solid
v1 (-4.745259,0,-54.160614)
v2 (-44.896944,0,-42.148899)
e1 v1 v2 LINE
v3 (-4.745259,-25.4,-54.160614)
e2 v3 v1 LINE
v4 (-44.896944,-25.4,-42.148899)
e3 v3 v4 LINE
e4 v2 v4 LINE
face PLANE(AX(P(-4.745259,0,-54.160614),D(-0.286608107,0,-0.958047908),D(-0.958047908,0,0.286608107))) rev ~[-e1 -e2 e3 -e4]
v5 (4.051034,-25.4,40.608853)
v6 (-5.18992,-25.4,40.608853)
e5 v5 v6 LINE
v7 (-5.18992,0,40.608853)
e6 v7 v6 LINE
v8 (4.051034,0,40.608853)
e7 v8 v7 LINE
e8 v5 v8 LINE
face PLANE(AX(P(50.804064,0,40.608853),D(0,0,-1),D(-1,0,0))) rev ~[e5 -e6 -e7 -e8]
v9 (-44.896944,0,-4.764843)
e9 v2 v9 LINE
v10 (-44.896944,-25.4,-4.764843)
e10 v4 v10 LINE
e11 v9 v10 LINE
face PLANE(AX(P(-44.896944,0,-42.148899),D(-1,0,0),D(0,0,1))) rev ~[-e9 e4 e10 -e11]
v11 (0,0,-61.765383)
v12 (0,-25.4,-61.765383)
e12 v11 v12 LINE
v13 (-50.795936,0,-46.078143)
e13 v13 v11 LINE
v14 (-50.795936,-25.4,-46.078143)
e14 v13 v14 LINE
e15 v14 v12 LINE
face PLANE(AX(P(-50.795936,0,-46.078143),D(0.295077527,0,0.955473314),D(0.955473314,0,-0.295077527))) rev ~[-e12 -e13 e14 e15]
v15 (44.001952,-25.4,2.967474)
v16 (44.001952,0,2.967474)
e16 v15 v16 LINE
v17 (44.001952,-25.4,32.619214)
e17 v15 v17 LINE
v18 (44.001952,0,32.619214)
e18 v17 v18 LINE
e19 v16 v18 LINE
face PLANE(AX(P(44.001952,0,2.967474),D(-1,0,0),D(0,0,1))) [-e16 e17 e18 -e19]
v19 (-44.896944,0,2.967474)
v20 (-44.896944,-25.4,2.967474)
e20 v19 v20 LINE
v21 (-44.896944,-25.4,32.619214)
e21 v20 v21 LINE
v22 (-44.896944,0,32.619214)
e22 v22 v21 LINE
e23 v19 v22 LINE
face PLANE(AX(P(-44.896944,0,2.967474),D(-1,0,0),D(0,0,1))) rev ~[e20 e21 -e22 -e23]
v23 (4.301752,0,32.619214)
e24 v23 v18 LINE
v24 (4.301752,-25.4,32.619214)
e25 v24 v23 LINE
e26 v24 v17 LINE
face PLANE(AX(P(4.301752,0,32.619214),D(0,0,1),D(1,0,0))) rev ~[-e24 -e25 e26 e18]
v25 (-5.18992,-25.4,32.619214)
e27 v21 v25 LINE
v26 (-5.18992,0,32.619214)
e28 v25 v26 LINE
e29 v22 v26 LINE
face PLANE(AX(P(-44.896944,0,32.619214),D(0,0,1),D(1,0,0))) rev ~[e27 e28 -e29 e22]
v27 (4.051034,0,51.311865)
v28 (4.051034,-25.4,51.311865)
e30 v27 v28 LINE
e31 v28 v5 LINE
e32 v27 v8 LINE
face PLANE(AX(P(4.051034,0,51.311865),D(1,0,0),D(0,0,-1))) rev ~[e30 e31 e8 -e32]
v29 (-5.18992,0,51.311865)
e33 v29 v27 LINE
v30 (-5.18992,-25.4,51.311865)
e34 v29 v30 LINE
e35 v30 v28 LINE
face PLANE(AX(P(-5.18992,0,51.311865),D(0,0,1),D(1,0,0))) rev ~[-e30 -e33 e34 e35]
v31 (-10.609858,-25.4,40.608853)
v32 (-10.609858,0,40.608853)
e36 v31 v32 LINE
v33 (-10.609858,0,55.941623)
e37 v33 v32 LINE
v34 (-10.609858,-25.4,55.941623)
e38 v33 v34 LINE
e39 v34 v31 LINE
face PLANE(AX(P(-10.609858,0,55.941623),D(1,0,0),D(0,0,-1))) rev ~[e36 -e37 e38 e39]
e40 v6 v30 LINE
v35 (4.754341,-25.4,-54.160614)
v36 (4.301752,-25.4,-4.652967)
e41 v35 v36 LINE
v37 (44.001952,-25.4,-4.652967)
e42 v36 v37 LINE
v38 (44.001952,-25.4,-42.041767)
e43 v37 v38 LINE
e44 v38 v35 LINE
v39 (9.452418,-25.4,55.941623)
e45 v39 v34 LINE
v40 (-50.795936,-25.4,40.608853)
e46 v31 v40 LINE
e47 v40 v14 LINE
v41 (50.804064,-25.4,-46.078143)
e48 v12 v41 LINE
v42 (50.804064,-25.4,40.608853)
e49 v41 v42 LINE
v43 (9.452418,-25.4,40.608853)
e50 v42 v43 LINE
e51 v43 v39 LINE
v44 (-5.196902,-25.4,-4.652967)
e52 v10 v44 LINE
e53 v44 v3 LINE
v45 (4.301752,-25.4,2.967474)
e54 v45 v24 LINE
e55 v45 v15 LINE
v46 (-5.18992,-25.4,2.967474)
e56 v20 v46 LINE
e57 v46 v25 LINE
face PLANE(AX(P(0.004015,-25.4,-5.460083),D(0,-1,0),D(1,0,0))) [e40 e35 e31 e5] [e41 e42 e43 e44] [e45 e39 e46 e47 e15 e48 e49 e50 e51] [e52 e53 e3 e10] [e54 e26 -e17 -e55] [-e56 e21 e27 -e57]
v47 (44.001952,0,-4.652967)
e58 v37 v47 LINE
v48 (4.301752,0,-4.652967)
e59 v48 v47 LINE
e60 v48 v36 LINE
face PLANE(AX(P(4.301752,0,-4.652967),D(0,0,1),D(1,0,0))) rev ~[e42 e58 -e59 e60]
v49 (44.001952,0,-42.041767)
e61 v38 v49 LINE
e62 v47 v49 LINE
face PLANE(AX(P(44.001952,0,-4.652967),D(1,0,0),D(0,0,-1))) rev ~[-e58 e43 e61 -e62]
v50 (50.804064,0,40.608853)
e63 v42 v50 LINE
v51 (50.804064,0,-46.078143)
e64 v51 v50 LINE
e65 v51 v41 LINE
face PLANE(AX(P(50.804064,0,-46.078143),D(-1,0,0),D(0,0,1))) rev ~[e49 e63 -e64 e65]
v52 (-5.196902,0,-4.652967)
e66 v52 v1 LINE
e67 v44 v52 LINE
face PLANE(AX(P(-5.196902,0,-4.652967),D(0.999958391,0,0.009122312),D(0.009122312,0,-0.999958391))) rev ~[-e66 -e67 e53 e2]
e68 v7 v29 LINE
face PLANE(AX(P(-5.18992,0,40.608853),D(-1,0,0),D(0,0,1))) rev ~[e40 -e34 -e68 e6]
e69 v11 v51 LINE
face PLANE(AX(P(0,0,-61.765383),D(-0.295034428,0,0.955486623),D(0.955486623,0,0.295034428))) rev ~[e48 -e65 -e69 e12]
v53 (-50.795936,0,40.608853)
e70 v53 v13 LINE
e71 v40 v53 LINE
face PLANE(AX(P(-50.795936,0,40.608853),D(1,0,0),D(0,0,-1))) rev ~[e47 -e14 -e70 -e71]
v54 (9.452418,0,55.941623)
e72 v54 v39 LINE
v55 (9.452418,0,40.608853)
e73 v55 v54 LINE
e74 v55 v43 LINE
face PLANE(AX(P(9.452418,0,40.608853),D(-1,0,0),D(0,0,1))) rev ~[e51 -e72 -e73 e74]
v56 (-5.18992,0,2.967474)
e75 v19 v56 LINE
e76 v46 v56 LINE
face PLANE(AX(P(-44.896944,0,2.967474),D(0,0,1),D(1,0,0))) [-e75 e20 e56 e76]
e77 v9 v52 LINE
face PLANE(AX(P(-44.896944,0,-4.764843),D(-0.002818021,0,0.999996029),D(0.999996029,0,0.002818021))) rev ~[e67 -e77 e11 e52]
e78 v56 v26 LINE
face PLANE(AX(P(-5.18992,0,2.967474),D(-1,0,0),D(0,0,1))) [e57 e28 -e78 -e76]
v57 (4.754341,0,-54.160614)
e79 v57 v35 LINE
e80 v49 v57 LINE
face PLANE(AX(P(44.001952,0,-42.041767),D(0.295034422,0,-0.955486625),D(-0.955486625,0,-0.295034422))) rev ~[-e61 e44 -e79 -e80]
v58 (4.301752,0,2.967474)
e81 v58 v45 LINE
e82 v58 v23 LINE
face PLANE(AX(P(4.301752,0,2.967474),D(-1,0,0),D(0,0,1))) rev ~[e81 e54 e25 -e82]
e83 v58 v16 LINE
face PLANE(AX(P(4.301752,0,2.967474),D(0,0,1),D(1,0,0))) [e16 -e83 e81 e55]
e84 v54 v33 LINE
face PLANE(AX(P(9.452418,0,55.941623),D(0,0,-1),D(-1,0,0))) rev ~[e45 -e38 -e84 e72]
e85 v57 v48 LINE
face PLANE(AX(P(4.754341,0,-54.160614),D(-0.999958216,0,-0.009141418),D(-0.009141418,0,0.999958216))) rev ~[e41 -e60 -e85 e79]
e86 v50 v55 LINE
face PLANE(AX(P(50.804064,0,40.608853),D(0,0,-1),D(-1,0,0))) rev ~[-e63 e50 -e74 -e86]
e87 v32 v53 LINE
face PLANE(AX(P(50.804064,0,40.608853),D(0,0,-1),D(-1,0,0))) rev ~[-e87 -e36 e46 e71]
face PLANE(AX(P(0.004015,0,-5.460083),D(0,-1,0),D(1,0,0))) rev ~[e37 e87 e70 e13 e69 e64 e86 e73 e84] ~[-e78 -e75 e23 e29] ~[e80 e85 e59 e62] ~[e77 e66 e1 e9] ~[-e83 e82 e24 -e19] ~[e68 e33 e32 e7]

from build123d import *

# Parameters (mm, degrees)
F0_W     = 39.707024
F0_H     = 29.651739
F0_W_2   = 39.7002
F1_DEPTH = 18.542
F2_DEPTH = 25.4


with BuildPart() as f1:
    # F0 (on Front) → F1 (new body)
    with BuildSketch(Plane.XZ):
        Polygon((-50.795936, 40.608853), (-50.795936, 0), (-50.795936, -46.078143), (0, -61.765383), (50.804064, -46.078143), (50.804064, 0), (50.804064, 40.608853), (9.452418, 40.608853), (4.051034, 40.608853), (-5.18992, 40.608853), (-10.609858, 40.608853), align=None)
        Polygon((-44.896944, -42.148899), (-44.896944, -4.764843), (-5.196902, -4.652967), (-4.745259, -54.160614), align=None, mode=Mode.SUBTRACT)
        Polygon((4.754341, -54.160614), (4.301752, -4.652967), (44.001952, -4.652967), (44.001952, -42.041767), align=None, mode=Mode.SUBTRACT)
        with Locations((-25.043432, 17.793344)):
            Rectangle(F0_W, F0_H, mode=Mode.SUBTRACT)
        with Locations((24.151852, 17.793344)):
            Rectangle(F0_W_2, F0_H, mode=Mode.SUBTRACT)
    extrude(amount=F1_DEPTH)

    # F0 (on Front) → F2 (join)
    with BuildSketch(Plane.XZ):
        Polygon((-50.795936, 40.608853), (-50.795936, 0), (-50.795936, -46.078143), (0, -61.765383), (50.804064, -46.078143), (50.804064, 0), (50.804064, 40.608853), (9.452418, 40.608853), (4.051034, 40.608853), (-5.18992, 40.608853), (-10.609858, 40.608853), align=None)
        Polygon((-44.896944, -42.148899), (-44.896944, -4.764843), (-5.196902, -4.652967), (-4.745259, -54.160614), align=None, mode=Mode.SUBTRACT)
        Polygon((4.754341, -54.160614), (4.301752, -4.652967), (44.001952, -4.652967), (44.001952, -42.041767), align=None, mode=Mode.SUBTRACT)
        with Locations((-25.043432, 17.793344)):
            Rectangle(F0_W, F0_H, mode=Mode.SUBTRACT)
        with Locations((24.151852, 17.793344)):
            Rectangle(F0_W_2, F0_H, mode=Mode.SUBTRACT)
        Polygon((-10.609858, 55.941623), (-10.609858, 40.608853), (-5.18992, 40.608853), (-5.18992, 51.311865), (4.051034, 51.311865), (4.051034, 40.608853), (9.452418, 40.608853), (9.452418, 55.941623), align=None)
    extrude(amount=F2_DEPTH)


solid = f1.part
